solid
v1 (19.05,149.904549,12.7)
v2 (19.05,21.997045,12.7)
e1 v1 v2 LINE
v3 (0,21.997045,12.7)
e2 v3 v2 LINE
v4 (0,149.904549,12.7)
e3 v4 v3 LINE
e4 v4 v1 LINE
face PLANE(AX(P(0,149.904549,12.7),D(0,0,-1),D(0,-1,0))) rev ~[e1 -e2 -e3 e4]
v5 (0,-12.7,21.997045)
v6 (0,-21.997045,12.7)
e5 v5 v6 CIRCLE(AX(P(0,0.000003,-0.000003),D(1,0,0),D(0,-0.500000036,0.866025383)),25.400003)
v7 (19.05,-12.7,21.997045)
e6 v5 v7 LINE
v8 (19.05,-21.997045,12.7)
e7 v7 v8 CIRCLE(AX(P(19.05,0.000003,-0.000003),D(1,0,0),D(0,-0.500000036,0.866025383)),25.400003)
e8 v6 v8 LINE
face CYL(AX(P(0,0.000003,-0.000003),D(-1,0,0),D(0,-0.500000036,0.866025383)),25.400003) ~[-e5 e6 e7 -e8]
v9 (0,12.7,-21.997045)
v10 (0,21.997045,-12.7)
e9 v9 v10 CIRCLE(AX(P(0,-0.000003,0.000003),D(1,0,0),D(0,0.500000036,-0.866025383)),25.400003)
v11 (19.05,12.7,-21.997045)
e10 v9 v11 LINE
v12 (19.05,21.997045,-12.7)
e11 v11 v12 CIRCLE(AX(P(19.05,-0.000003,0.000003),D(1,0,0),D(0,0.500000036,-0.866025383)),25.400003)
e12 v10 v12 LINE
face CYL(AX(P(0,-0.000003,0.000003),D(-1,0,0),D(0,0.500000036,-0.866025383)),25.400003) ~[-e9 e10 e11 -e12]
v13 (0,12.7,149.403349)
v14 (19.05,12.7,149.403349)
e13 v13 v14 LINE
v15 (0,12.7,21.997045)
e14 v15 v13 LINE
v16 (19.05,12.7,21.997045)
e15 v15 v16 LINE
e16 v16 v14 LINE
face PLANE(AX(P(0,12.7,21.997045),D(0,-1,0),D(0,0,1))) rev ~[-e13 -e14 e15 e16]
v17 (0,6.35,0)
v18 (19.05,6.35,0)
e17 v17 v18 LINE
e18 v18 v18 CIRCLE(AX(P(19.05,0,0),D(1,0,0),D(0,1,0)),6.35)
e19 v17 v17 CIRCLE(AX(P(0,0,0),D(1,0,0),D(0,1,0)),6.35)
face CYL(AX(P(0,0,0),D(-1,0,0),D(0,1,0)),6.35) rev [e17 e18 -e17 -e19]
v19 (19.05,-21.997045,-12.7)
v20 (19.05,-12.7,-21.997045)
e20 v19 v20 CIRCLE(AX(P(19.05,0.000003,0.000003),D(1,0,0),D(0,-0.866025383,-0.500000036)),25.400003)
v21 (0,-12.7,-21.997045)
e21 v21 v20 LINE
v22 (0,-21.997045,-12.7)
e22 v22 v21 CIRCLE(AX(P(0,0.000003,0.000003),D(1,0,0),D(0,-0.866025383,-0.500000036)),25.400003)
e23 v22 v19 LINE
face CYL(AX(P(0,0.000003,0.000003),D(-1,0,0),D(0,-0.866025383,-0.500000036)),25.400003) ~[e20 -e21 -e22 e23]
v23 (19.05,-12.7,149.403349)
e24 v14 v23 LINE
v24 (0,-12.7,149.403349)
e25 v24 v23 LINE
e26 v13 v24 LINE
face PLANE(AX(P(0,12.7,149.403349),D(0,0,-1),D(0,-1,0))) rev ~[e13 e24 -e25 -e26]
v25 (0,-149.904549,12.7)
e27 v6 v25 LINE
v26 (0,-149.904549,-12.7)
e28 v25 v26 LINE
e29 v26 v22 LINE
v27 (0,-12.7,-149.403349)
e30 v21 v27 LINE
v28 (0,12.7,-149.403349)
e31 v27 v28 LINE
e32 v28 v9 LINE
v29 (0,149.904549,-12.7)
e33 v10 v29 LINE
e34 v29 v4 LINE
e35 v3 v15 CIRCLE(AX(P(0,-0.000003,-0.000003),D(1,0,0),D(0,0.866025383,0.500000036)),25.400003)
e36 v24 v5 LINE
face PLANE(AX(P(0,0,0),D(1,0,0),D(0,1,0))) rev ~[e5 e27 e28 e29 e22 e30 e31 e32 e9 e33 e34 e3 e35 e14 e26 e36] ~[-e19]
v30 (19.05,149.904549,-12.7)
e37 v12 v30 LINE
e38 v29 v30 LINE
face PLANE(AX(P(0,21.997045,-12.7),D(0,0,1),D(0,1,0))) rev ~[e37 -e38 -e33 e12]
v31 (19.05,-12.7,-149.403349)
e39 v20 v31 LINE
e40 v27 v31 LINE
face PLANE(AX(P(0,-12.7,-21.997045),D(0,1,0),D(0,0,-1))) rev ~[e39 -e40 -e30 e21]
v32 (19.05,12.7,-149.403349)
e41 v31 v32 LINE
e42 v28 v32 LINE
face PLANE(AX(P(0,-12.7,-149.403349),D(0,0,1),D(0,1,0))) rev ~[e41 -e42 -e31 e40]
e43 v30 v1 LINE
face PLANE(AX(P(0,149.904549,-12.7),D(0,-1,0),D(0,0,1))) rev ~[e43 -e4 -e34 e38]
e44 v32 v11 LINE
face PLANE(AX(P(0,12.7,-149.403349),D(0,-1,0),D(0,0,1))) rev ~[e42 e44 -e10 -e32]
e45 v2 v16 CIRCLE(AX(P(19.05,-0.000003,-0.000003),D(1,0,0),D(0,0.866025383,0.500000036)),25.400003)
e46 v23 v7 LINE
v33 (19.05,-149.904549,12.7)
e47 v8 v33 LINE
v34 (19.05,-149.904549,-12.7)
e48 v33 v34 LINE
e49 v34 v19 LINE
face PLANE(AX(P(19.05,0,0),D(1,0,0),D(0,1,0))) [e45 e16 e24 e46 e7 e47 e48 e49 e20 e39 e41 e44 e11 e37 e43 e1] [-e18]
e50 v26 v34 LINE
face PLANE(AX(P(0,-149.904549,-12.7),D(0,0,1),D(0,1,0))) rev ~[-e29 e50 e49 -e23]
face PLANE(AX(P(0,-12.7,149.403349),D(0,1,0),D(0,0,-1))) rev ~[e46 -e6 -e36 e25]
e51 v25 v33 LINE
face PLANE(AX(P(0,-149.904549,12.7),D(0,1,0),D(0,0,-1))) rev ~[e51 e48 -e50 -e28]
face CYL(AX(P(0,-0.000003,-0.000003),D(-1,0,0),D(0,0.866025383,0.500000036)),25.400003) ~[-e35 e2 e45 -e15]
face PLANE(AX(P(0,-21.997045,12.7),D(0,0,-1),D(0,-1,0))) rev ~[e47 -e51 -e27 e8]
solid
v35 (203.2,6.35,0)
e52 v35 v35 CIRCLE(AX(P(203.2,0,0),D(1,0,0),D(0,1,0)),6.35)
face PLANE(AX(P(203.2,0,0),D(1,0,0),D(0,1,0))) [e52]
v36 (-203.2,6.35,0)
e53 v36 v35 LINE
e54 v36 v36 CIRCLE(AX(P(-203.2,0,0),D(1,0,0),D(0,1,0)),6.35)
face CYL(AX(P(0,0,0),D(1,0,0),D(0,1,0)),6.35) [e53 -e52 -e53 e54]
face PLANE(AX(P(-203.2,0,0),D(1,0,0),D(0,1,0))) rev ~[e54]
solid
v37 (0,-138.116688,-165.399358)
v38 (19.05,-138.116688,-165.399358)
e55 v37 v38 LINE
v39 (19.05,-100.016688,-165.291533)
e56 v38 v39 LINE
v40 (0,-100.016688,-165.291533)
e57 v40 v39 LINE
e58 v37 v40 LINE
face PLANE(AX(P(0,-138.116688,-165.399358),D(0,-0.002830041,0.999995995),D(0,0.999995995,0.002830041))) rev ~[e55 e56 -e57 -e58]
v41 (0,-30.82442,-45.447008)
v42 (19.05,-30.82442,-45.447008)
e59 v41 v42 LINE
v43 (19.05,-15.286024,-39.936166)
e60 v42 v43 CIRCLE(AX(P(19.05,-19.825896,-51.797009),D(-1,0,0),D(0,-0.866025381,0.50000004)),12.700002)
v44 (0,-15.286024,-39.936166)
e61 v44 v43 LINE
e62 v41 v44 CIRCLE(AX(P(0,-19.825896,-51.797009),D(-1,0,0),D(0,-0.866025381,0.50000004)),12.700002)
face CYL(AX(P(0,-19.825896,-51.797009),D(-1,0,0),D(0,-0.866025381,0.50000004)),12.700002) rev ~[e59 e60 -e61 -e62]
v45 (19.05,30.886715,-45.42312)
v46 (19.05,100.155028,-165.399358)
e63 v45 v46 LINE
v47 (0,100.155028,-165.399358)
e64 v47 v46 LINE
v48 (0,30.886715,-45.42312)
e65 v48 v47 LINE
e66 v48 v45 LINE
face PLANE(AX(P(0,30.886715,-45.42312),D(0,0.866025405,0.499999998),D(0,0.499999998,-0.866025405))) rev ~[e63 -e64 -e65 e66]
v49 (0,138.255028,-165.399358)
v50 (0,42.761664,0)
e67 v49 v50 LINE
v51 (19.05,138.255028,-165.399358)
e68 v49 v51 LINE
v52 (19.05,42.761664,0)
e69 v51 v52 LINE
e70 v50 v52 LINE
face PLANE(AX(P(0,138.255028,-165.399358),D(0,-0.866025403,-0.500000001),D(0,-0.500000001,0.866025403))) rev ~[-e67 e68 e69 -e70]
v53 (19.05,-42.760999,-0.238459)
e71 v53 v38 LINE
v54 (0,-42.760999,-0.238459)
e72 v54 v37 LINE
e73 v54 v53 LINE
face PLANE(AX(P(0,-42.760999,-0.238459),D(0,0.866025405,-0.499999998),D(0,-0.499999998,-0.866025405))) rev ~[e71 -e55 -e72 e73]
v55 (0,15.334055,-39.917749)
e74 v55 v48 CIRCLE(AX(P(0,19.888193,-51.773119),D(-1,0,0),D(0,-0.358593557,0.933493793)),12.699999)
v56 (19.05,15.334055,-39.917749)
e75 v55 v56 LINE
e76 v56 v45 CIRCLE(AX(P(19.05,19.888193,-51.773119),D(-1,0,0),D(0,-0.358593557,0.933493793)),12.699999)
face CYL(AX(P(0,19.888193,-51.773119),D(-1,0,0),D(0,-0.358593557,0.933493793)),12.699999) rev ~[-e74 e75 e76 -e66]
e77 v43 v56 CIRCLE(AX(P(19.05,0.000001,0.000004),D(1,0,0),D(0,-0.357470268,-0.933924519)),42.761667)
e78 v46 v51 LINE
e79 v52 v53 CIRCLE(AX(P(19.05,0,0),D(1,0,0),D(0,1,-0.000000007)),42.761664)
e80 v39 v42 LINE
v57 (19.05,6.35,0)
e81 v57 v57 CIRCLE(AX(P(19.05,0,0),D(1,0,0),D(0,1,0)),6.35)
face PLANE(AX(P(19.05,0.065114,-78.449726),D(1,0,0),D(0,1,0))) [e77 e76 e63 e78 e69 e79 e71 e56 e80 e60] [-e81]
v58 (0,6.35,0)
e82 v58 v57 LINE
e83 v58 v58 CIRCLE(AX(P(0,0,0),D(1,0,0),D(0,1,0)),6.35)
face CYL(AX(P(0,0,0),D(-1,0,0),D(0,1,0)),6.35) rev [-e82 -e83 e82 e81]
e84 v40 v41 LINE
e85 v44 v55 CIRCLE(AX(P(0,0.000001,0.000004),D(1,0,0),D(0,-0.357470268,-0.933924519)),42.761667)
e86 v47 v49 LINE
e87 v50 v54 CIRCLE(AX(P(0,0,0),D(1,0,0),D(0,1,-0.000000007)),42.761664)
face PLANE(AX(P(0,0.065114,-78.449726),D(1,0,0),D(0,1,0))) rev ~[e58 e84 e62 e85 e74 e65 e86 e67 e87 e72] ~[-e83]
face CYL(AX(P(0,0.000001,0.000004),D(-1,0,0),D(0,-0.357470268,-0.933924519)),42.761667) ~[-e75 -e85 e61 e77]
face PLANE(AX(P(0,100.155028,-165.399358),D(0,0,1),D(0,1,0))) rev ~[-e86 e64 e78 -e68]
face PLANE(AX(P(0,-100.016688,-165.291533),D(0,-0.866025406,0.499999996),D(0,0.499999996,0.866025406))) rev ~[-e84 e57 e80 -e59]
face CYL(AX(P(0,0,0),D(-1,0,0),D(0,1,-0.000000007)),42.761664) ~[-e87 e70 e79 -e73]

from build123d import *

# Parameters (mm, degrees)
F1_R     = 6.35
F2_DEPTH = 19.05
F3_R     = 6.35
F4_DEPTH = 203.2
F5_R     = 6.35
F6_DEPTH = 19.05


with BuildPart() as f2:
    # F1 (on Right) → F2 (new body)
    with BuildSketch(Plane.YZ):
        with BuildLine():
            Line((-12.7, 149.403349), (-12.7, 21.997045))
            ThreePointArc((-12.7, 21.997045), (-17.960512, 17.960512), (-21.997045, 12.7))
            Line((-21.997045, 12.7), (-149.904549, 12.7))
            Line((-149.904549, 12.7), (-149.904549, -12.7))
            Line((-149.904549, -12.7), (-21.997045, -12.7))
            ThreePointArc((-21.997045, -12.7), (-17.960512, -17.960512), (-12.7, -21.997045))
            Line((-12.7, -21.997045), (-12.7, -149.403349))
            Line((-12.7, -149.403349), (12.7, -149.403349))
            Line((12.7, -149.403349), (12.7, -21.997045))
            ThreePointArc((12.7, -21.997045), (17.960512, -17.960512), (21.997045, -12.7))
            Line((21.997045, -12.7), (149.904549, -12.7))
            Line((149.904549, -12.7), (149.904549, 12.7))
            Line((149.904549, 12.7), (21.997045, 12.7))
            ThreePointArc((21.997045, 12.7), (17.960512, 17.960512), (12.7, 21.997045))
            Line((12.7, 21.997045), (12.7, 149.403349))
            Line((12.7, 149.403349), (-12.7, 149.403349))
        make_face()
        Circle(F1_R, mode=Mode.SUBTRACT)
    extrude(amount=F2_DEPTH)


with BuildPart() as f4:
    # F3 (on face) → F4 (new body, symmetric)
    with BuildSketch(Plane.YZ):
        Circle(F3_R)
    extrude(amount=F4_DEPTH, both=True)


with BuildPart() as f6:
    # F5 (on Right) → F6 (new body)
    with BuildSketch(Plane.YZ):
        with BuildLine():
            ThreePointArc((-30.82442, -45.447008), (-24.070998, -39.8275), (-15.286024, -39.936166))
            ThreePointArc((-15.286024, -39.936166), (0.02572, -42.761656), (15.334055, -39.917749))
            ThreePointArc((15.334055, -39.917749), (24.126093, -39.801061), (30.886715, -45.42312))
            Line((30.886715, -45.42312), (100.155028, -165.399358))
            Line((100.155028, -165.399358), (138.255028, -165.399358))
            Line((138.255028, -165.399358), (42.761664, 0))
            ThreePointArc((42.761664, 0), (-0.11923, 42.761498), (-42.760999, -0.238459))
            Line((-42.760999, -0.238459), (-138.116688, -165.399358))
            Line((-138.116688, -165.399358), (-100.016688, -165.291533))
            Line((-100.016688, -165.291533), (-30.82442, -45.447008))
        make_face()
        Circle(F5_R, mode=Mode.SUBTRACT)
    extrude(amount=F6_DEPTH)


solid = Compound([f2.part, f4.part, f6.part])
